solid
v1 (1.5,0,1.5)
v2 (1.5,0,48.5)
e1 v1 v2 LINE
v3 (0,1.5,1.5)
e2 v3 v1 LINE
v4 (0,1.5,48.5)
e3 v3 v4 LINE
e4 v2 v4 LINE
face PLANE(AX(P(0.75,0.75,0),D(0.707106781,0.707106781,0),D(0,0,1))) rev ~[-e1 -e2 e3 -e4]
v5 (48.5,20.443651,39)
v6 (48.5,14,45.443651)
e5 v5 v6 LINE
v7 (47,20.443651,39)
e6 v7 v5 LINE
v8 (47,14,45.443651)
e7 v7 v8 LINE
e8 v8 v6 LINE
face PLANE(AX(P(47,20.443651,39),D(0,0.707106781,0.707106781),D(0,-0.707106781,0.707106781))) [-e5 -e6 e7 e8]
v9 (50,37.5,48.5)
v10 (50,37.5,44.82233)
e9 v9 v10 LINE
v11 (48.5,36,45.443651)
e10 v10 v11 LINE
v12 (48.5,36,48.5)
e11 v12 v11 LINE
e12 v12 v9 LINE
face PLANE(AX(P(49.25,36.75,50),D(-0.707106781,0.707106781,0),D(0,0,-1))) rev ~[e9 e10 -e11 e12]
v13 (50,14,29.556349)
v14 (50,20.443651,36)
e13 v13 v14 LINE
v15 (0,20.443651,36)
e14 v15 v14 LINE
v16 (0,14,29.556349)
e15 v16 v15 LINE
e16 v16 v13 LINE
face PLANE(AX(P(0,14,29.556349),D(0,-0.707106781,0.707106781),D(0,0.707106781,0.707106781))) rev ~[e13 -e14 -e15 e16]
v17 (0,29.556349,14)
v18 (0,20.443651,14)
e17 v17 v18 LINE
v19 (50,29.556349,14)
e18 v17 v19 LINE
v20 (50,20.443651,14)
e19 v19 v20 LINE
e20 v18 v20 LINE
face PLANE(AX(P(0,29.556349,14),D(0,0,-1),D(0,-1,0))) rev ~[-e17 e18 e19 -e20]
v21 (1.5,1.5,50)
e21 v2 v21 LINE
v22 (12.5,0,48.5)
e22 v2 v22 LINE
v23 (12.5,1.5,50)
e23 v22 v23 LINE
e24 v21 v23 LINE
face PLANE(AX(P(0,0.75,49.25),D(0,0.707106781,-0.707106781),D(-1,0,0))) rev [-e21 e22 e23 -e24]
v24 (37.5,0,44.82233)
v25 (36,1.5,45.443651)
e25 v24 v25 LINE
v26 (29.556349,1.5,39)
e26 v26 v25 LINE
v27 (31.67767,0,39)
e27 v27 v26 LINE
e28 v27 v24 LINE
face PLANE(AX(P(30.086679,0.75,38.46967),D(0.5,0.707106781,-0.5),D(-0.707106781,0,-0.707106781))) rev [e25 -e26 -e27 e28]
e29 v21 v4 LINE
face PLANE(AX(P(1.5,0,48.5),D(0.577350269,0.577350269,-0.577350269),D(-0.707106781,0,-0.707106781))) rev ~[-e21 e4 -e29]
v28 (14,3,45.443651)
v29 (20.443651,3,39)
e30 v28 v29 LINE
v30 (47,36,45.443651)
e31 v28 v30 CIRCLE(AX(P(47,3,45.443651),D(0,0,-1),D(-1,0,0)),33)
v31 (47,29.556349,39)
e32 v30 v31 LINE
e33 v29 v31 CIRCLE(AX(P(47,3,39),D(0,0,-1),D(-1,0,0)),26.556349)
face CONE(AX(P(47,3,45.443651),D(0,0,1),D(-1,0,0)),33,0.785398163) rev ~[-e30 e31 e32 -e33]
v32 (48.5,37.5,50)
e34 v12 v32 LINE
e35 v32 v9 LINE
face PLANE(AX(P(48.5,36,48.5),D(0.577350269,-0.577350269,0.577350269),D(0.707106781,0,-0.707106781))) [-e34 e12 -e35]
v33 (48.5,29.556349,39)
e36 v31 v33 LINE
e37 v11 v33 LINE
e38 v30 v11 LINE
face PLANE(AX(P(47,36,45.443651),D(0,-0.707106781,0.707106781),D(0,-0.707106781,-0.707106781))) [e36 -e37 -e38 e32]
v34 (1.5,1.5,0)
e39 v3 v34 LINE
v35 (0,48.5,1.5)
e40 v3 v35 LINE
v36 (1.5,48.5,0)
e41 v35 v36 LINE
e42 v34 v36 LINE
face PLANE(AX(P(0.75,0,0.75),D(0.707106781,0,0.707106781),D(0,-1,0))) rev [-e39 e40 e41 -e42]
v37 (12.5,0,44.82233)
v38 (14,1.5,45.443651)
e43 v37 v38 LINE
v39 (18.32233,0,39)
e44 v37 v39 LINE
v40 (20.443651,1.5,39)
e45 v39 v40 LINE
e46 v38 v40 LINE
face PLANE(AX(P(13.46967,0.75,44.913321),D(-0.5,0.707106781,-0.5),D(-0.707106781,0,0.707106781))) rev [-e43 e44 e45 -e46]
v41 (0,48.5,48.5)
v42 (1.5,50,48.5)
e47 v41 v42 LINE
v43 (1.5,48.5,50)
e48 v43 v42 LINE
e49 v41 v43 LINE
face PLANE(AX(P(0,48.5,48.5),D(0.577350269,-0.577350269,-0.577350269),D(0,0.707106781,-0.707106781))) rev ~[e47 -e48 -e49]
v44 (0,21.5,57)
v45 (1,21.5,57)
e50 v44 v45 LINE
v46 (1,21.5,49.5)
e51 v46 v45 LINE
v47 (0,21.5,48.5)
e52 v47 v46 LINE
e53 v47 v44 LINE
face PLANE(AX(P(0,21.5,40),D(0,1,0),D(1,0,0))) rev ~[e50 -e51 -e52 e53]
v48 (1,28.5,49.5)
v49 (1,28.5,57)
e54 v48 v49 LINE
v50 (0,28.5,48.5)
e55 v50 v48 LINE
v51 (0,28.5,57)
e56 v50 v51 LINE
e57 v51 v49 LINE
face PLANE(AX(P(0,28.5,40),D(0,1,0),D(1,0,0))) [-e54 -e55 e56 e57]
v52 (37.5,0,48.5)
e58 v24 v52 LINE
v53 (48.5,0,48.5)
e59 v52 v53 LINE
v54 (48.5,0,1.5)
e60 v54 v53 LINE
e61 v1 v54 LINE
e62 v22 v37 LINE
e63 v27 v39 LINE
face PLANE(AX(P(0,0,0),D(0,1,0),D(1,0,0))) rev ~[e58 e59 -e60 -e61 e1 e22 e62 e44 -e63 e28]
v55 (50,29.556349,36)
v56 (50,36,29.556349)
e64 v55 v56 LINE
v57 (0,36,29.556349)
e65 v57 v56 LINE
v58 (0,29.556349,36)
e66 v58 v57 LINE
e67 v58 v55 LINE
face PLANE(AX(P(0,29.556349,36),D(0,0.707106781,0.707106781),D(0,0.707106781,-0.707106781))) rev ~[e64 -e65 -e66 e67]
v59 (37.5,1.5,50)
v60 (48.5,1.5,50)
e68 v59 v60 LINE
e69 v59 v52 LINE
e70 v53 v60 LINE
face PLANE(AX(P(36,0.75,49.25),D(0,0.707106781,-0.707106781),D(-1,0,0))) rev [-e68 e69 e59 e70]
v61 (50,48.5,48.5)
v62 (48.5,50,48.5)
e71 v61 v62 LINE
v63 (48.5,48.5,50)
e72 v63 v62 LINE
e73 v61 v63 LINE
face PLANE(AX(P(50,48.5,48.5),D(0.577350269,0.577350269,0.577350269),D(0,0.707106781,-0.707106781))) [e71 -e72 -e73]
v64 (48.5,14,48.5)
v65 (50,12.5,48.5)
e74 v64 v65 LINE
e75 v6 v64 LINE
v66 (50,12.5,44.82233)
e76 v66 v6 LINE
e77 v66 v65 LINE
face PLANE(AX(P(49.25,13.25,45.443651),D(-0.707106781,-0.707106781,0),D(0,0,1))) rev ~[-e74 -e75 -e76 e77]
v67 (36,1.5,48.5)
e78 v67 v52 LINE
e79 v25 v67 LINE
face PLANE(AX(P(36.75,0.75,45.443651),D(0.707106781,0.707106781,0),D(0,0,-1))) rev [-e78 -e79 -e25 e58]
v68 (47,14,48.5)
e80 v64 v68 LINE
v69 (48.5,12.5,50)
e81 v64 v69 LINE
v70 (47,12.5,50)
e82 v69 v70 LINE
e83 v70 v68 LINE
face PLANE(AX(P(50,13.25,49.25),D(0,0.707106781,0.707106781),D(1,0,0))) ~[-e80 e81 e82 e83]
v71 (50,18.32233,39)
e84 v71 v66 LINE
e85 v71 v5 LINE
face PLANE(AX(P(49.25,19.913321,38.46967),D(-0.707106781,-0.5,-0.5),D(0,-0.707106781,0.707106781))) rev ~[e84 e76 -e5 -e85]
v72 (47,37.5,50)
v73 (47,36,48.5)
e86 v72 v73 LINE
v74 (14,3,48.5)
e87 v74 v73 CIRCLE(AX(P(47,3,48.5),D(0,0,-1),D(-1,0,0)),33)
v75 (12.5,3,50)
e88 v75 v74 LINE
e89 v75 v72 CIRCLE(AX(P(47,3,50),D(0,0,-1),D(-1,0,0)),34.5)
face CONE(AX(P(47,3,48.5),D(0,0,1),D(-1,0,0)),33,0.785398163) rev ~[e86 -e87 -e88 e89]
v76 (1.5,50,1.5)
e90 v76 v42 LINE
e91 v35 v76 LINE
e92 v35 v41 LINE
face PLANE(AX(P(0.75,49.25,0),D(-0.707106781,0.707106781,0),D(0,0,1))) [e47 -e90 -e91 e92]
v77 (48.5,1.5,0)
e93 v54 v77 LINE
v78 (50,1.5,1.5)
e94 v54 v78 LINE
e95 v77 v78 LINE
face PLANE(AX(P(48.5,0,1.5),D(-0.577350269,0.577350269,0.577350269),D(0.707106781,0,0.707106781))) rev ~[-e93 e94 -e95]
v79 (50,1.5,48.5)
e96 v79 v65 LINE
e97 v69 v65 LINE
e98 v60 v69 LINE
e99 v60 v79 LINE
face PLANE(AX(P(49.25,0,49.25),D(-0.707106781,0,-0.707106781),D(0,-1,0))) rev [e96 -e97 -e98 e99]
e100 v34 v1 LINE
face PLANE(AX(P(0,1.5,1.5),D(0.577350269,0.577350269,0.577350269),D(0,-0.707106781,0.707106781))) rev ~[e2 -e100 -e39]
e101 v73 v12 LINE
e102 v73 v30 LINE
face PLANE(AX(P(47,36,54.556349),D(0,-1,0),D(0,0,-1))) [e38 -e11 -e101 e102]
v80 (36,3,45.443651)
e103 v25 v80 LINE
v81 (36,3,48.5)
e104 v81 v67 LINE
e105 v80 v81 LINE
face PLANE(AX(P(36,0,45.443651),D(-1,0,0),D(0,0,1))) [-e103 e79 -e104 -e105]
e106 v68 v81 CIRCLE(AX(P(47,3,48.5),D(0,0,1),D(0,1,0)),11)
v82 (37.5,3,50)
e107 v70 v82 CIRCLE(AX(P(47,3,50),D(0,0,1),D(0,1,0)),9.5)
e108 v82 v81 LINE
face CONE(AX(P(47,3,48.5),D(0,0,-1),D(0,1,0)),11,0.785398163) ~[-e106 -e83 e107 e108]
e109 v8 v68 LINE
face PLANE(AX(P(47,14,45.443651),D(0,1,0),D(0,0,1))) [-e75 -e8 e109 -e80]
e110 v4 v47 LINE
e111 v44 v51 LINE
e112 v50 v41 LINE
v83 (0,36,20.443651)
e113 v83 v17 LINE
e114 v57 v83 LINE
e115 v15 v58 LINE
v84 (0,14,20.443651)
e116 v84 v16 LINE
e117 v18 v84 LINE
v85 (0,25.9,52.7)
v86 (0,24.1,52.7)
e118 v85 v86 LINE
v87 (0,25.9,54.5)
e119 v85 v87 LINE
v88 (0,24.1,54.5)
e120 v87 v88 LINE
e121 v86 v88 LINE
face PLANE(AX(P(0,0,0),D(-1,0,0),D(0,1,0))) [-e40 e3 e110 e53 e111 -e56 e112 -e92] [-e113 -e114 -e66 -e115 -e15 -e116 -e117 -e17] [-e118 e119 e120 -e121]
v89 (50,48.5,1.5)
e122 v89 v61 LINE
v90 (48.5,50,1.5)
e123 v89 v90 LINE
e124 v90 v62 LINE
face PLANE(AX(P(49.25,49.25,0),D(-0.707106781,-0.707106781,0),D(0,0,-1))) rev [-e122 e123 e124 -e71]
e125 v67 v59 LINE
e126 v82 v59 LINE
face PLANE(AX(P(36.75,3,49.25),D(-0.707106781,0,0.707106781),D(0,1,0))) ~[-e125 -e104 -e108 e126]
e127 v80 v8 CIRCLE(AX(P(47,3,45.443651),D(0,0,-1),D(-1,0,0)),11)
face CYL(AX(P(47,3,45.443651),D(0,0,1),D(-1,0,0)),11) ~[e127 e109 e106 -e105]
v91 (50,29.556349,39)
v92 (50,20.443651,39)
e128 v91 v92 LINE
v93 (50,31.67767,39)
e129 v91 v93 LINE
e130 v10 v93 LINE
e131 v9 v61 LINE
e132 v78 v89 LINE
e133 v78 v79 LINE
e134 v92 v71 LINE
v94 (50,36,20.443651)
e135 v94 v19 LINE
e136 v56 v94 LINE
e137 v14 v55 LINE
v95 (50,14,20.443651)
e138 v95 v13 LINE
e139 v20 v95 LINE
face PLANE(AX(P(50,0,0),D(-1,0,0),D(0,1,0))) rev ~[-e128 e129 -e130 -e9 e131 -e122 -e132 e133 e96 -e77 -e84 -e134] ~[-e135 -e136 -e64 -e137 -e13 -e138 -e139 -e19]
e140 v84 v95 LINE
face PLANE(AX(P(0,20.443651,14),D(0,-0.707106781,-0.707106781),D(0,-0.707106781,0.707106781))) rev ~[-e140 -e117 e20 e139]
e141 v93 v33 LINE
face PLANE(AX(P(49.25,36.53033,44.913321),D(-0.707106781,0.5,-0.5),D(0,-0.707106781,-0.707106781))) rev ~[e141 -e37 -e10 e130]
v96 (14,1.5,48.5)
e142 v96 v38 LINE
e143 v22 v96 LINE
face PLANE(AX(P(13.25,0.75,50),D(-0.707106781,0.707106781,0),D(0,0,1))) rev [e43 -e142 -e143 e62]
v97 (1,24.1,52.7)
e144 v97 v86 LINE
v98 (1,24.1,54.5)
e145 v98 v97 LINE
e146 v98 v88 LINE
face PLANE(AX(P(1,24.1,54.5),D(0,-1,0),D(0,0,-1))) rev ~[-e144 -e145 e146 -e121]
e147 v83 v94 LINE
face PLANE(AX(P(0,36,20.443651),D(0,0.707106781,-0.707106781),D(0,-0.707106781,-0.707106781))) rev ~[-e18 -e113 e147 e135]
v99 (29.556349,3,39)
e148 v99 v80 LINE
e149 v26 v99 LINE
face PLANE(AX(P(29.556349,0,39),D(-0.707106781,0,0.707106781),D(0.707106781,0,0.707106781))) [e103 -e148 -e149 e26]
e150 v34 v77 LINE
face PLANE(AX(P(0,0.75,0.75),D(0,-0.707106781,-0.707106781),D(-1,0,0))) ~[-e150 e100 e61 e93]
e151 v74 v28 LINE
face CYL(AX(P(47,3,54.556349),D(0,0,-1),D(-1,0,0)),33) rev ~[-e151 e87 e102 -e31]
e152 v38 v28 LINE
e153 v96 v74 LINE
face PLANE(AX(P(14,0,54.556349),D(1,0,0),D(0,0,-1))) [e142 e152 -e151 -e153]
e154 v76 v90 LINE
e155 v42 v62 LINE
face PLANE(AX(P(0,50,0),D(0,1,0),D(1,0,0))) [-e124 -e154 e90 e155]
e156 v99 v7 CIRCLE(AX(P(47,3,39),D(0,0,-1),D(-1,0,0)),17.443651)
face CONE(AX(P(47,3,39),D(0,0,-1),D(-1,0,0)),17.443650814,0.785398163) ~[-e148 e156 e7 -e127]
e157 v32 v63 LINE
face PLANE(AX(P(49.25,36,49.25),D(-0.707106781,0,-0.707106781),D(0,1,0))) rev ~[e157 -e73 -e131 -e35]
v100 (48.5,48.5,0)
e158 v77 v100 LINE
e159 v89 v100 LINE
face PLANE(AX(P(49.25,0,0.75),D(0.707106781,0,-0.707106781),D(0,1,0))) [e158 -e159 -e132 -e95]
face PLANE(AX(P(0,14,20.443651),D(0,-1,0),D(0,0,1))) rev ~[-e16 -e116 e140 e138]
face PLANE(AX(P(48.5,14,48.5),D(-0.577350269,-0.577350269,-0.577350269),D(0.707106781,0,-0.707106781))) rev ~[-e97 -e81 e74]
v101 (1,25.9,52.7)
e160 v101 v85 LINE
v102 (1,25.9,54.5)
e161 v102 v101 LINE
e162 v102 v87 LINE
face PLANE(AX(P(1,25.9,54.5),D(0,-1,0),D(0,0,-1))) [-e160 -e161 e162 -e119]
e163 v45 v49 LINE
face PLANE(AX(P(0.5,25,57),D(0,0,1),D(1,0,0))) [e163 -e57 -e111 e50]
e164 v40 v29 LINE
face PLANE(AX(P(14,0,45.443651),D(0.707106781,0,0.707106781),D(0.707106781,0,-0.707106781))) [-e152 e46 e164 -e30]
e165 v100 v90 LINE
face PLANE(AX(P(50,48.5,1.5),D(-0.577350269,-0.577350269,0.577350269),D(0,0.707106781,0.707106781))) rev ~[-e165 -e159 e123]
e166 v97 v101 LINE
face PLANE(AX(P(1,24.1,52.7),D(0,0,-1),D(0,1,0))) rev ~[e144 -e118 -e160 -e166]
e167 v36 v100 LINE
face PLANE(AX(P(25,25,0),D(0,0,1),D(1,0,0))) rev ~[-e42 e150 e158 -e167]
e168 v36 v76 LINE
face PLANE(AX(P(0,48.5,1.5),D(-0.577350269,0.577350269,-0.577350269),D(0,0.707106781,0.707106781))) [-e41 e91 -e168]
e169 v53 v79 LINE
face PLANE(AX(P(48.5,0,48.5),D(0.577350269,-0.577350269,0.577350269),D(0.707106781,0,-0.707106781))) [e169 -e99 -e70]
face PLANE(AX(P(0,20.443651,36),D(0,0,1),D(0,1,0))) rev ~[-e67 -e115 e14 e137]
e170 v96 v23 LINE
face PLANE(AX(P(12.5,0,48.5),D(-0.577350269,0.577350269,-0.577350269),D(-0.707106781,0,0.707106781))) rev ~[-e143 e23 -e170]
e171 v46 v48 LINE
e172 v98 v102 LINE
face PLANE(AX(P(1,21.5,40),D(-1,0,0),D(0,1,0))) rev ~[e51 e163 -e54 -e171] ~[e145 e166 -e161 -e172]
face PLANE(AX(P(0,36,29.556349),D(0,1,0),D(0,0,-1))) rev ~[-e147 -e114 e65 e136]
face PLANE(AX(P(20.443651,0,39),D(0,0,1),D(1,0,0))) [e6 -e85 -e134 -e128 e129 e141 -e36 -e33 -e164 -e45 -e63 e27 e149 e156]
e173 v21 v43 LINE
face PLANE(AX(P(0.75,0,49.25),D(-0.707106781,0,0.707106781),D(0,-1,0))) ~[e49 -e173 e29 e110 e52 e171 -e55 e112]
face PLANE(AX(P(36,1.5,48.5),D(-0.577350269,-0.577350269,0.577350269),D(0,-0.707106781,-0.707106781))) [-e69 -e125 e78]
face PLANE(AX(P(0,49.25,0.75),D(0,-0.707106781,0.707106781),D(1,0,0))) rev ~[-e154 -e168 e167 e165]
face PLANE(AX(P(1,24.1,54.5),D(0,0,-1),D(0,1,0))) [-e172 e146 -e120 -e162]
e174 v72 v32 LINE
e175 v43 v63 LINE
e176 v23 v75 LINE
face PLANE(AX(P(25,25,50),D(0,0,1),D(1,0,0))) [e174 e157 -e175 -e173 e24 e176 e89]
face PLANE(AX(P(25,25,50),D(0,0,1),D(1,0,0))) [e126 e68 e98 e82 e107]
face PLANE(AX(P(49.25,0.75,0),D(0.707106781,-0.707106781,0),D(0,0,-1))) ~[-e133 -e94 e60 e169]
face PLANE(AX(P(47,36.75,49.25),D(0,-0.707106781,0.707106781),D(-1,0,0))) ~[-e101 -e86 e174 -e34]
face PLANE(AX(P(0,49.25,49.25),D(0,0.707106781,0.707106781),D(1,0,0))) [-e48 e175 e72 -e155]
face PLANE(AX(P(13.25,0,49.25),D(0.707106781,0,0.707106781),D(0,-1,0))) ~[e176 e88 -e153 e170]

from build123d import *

# Parameters (mm, degrees)
SKETCH1_W                = 50
SKETCH1_H                = 50
BOSS_EXTRUDE1_DEPTH      = 50
CUT_EXTRUDE1_DEPTH       = 87.602540378
CHAMFER3_SIZE            = 1.5
BOSS_EXTRUDE2_DEPTH      = 7
BOSS_EXTRUDE2_DEPTH_BACK = 10
SKETCH5_W                = 1
SKETCH5_H                = 7
SKETCH6_W                = 1.8
SKETCH6_H                = 1.8
CUT_EXTRUDE2_DEPTH       = 7


with BuildPart() as part:
    # Sketch1 → Boss-Extrude1 (new body)
    with BuildSketch(Plane.XY):
        with Locations((25, 25)):
            Rectangle(SKETCH1_W, SKETCH1_H)
    extrude(amount=BOSS_EXTRUDE1_DEPTH)

    # Sketch2 → Cut-Extrude1 (cut, through all)
    with BuildSketch(Plane.ZY):
        Polygon((36, 29.556349186), (29.556349186, 36), (20.443650814, 36), (14, 29.556349186), (14, 20.443650814), (20.443650814, 14), (29.556349186, 14), (36, 20.443650814), align=None)
    extrude(amount=-CUT_EXTRUDE1_DEPTH, mode=Mode.SUBTRACT)

    # Cut-Sweep1: sweep along a path in Sketch4
    with BuildLine(Plane.XY.offset(50)) as cut_sweep1_path:
        Line((25, 0), (25, 3))
        ThreePointArc((25, 3), (31.443650814, 18.556349186), (47, 25))
        Line((47, 25), (50, 25))
    # Sketch3 → Cut-Sweep1 (sweep, cut)
    with BuildSketch(Plane.XZ):
        Polygon((29.556349186, 39), (36, 45.443650814), (36, 54.556349186), (29.556349186, 61), (20.443650814, 61), (14, 54.556349186), (14, 45.443650814), (20.443650814, 39), align=None)
    sweep(path=cut_sweep1_path.line, mode=Mode.SUBTRACT)

    # Chamfer3
    chamfer3_edges = [part.edges().sort_by_distance(p)[0] for p in [
        (50, 7, 50),
        (25, 50, 50),
        (43, 0, 50),
        (50, 43, 50),
        (36, 1.5, 50),
        (39.221825407, 10.778174593, 50),
        (48.5, 14, 50),
        (14, 1.5, 50),
        (23.665476221, 26.334523779, 50),
        (48.5, 36, 50),
        (50, 36, 47.721825407),
        (50, 14, 47.721825407),
        (36, 0, 47.721825407),
        (14, 0, 47.721825407),
        (17.221825407, 0, 42.221825407),
        (32.778174593, 0, 42.221825407),
        (50, 32.778174593, 42.221825407),
        (50, 17.221825407, 42.221825407),
        (0, 25, 50),
        (25, 50, 0),
        (50, 25, 0),
        (25, 0, 0),
        (0, 25, 0),
        (7, 0, 50),
        (0, 50, 25),
        (50, 50, 25),
        (50, 0, 25),
        (0, 0, 25),
    ]]
    chamfer(chamfer3_edges, length=CHAMFER3_SIZE)

    # Sketch5 → Boss-Extrude2 (add, two sides: drawn at the far end of the back side and taken through both)
    with BuildSketch(Plane.XY.offset(50).offset(-BOSS_EXTRUDE2_DEPTH_BACK)):
        with Locations((0.5, 25)):
            Rectangle(SKETCH5_W, SKETCH5_H)
    extrude(amount=BOSS_EXTRUDE2_DEPTH + BOSS_EXTRUDE2_DEPTH_BACK)

    # Sketch6 → Cut-Extrude2 (cut)
    with BuildSketch(Plane(origin=(1, 0, 0), x_dir=(0, 0, -1), z_dir=(1, 0, 0))):
        with Locations((-53.6, 25)):
            Rectangle(SKETCH6_W, SKETCH6_H)
    extrude(amount=-CUT_EXTRUDE2_DEPTH, mode=Mode.SUBTRACT)


solid = part.part
